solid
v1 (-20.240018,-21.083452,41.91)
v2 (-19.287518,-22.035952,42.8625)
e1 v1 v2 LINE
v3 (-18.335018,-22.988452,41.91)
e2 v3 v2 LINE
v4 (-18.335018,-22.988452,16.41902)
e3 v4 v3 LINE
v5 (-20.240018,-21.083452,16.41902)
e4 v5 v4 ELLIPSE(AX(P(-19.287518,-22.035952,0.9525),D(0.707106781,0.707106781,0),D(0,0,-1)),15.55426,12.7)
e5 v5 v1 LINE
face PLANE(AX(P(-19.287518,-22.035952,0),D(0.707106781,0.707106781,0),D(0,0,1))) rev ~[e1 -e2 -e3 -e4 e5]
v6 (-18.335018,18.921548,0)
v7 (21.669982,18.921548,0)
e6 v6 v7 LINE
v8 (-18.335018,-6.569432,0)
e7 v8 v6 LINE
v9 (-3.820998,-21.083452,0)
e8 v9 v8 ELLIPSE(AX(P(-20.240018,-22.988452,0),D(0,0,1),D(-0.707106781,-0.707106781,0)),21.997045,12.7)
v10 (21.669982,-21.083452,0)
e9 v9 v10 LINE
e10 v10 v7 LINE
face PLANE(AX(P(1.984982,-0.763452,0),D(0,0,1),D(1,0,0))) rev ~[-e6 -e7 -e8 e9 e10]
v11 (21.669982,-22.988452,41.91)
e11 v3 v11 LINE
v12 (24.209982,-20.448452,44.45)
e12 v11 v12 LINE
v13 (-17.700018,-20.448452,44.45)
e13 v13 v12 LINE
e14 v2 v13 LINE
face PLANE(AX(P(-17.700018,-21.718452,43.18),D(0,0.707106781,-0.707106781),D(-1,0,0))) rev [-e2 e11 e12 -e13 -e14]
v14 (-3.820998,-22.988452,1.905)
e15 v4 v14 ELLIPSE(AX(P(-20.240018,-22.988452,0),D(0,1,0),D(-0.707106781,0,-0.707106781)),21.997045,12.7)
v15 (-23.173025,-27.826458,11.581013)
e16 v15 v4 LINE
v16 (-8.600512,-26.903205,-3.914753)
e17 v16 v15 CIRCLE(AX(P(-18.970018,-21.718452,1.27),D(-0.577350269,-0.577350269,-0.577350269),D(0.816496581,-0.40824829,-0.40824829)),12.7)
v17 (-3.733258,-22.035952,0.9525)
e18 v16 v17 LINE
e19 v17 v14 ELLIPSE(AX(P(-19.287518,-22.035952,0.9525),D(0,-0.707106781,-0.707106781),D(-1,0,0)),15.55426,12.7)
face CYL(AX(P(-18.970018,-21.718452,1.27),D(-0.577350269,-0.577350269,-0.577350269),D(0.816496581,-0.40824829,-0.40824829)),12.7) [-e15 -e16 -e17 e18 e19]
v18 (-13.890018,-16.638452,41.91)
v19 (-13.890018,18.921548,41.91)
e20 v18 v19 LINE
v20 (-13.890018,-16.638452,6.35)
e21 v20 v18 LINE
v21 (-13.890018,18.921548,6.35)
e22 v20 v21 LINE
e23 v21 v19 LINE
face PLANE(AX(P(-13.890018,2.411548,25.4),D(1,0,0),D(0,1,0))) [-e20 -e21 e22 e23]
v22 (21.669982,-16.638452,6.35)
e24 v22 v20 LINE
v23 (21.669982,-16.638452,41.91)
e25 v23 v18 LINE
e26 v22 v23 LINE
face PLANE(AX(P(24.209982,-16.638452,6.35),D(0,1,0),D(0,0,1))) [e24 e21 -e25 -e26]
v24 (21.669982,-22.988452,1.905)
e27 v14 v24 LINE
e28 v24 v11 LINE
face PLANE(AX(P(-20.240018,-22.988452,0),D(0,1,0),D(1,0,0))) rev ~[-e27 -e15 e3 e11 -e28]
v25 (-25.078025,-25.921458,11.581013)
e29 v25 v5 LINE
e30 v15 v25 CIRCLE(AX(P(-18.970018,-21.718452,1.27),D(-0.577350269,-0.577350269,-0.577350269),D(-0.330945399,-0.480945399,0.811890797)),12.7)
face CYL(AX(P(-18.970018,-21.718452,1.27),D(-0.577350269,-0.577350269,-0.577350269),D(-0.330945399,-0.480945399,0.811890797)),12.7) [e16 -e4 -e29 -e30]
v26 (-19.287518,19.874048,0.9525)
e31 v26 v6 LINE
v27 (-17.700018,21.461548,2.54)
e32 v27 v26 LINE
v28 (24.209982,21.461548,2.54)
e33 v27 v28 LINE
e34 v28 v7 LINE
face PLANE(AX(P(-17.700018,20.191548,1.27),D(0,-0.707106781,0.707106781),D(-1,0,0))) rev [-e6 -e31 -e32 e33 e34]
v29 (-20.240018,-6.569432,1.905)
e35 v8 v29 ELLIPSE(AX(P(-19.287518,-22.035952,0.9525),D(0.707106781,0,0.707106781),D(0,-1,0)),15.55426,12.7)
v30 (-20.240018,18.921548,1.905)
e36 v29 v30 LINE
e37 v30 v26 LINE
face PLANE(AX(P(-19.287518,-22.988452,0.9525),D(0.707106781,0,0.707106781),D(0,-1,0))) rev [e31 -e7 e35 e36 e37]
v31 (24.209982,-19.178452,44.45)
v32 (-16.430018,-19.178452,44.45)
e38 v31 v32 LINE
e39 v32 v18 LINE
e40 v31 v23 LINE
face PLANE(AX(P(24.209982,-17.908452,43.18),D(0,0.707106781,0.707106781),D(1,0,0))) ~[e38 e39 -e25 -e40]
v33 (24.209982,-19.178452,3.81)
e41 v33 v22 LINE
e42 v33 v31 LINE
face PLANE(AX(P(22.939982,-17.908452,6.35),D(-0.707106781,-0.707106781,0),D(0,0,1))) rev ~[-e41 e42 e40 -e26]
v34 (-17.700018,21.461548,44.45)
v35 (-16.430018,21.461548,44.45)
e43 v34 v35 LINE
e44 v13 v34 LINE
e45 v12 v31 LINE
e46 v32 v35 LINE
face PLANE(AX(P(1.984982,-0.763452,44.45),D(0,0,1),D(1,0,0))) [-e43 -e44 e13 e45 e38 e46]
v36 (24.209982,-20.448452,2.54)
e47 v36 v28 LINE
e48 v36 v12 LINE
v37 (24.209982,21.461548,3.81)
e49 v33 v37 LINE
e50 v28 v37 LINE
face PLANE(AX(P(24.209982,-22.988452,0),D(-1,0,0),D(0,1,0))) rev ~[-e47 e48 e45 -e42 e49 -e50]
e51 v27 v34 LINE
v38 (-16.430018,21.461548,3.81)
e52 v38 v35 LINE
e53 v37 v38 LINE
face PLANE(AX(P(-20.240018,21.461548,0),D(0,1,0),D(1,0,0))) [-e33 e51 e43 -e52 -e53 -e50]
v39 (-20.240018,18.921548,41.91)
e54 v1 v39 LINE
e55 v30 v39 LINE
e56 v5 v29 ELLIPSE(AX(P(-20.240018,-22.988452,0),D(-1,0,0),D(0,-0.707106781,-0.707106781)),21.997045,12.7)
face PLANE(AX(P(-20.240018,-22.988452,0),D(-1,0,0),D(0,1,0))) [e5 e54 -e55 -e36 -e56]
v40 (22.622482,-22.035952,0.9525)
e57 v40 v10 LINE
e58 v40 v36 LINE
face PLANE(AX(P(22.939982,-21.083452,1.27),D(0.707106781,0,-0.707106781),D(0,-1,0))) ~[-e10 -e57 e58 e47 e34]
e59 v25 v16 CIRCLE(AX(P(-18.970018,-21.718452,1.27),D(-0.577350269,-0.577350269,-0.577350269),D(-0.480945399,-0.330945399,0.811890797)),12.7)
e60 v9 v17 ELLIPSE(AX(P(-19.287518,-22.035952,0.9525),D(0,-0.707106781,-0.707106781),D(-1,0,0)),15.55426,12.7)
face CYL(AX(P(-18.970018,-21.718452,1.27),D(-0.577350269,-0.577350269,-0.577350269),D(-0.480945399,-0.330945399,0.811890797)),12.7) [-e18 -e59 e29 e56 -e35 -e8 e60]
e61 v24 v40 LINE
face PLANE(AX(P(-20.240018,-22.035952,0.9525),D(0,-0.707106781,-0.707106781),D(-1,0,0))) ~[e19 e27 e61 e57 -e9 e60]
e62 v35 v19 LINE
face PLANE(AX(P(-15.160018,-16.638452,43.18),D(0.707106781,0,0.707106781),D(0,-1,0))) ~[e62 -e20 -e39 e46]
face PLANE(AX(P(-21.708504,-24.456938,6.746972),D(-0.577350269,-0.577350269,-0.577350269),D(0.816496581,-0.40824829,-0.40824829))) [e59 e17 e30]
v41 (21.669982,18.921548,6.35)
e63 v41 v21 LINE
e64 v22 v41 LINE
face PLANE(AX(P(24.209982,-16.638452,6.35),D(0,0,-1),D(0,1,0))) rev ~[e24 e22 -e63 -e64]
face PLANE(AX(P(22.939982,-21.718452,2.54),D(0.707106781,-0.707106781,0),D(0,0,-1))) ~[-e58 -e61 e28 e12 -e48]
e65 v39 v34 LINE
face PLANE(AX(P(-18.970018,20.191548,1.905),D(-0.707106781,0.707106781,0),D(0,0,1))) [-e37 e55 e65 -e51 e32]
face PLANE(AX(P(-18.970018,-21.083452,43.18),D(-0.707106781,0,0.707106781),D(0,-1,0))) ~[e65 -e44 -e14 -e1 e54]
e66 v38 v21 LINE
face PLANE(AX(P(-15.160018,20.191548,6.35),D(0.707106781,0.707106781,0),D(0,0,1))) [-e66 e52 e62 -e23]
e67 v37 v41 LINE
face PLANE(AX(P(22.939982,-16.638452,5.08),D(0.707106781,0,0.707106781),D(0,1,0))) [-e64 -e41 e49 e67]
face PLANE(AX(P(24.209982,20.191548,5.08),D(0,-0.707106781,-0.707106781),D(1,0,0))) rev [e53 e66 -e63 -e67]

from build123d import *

# Parameters (mm, degrees)
F0_W     = 44.45
F0_H     = 44.45
F1_DEPTH = 44.45
F2_SIZE  = 1.905
F4_DEPTH = 25.4
F5_W     = 38.1
F5_H     = 38.1
F6_DEPTH = 38.1
F7_SIZE  = 2.54


with BuildPart() as f1:
    # F0 (on Top) → F1 (new body)
    with BuildSketch(Plane.XY):
        with Locations((1.98498182, -0.7634516805)):
            Rectangle(F0_W, F0_H)
    extrude(amount=F1_DEPTH)

    # F2
    f2_edges = [f1.edges().sort_by_distance(p)[0] for p in [
        (-20.240018, -22.988452, 22.225),
        (1.984982, -22.988452, 0),
        (-20.240018, -0.763452, 0),
    ]]
    chamfer(f2_edges, length=F2_SIZE)

    # F3 (on face) → F4 (join)
    with BuildSketch(Plane(origin=(-13.1394899535, -13.1394899535, -13.1394899535), x_dir=(0.8164965809, -0.4082482905, -0.4082482905), z_dir=(-0.5773502692, -0.5773502692, -0.5773502692))):
        with BuildLine():
            Line((-8.6963355296, 16.2552900723), (-7.5297660396, 16.9288092814))
            Line((-7.5297660396, 16.9288092814), (-6.3631965496, 17.6023284905))
            Line((-6.3631965496, 17.6023284905), (-12.2885202748, 27.8652902339))
            ThreePointArc((-12.2885202748, 27.8652902339), (-13.4909095429, 27.2538127004), (-14.6216592548, 26.5182518157))
            Line((-14.6216592548, 26.5182518157), (-8.6963355296, 16.2552900723))
        make_face()
        with BuildLine():
            Line((-6.3631965496, 17.6023284905), (-7.1409095429, 16.2552900723))
            Line((-7.1409095429, 16.2552900723), (-8.6963355296, 16.2552900723))
            Line((-8.6963355296, 16.2552900723), (-14.6216592548, 26.5182518157))
            ThreePointArc((-14.6216592548, 26.5182518157), (-12.8978392219, 4.935053296), (5.5590904571, 16.2552900723))
            ThreePointArc((5.5590904571, 16.2552900723), (-0.2157617573, 26.9010558103), (-12.2885202748, 27.8652902339))
            Line((-12.2885202748, 27.8652902339), (-6.3631965496, 17.6023284905))
        make_face()
        Polygon((-7.1409095429, 16.2552900723), (-7.5297660396, 16.9288092814), (-8.6963355296, 16.2552900723), align=None)
        Polygon((-6.3631965496, 17.6023284905), (-7.5297660396, 16.9288092814), (-7.1409095429, 16.2552900723), align=None)
    extrude(amount=-F4_DEPTH)

    # F5 (on face) → F6 (cut)
    with BuildSketch(Plane.YZ.offset(24.20998182)):
        with Locations((2.4115483195, 25.4)):
            Rectangle(F5_W, F5_H)
    extrude(amount=-F6_DEPTH, mode=Mode.SUBTRACT)

    # F7 (call 1 of 4: OpenCascade refuses the feature's edges together)
    f7_edges = [f1.edges().sort_by_distance(p)[0] for p in [
        (-20.240018, 21.461548, 23.1775),
        (-20.240018, 0.189048, 44.45),
    ]]
    chamfer(f7_edges, length=F7_SIZE)

    # F7#2 (call 2 of 4)
    f7_2_edges = [f1.edges().sort_by_distance(p)[0] for p in [
        (2.937482, 21.461548, 0),
        (24.209982, 0.189048, 0),
    ]]
    chamfer(f7_2_edges, length=F7_SIZE)

    # F7#3 (call 3 of 4)
    f7_3_edges = [f1.edges().sort_by_distance(p)[0] for p in [
        (2.937482, -22.988452, 44.45),
        (24.209982, -22.988452, 23.1775),
    ]]
    chamfer(f7_3_edges, length=F7_SIZE)

    # F7#4 (call 4 of 4)
    f7_4_edges = [f1.edges().sort_by_distance(p)[0] for p in [
        (5.159982, 21.461548, 6.35),
        (24.209982, 2.411548, 6.35),
        (24.209982, -16.638452, 25.4),
        (5.159982, -16.638452, 44.45),
        (-13.890018, 2.411548, 44.45),
        (-13.890018, 21.461548, 25.4),
    ]]
    chamfer(f7_4_edges, length=F7_SIZE)


solid = f1.part
